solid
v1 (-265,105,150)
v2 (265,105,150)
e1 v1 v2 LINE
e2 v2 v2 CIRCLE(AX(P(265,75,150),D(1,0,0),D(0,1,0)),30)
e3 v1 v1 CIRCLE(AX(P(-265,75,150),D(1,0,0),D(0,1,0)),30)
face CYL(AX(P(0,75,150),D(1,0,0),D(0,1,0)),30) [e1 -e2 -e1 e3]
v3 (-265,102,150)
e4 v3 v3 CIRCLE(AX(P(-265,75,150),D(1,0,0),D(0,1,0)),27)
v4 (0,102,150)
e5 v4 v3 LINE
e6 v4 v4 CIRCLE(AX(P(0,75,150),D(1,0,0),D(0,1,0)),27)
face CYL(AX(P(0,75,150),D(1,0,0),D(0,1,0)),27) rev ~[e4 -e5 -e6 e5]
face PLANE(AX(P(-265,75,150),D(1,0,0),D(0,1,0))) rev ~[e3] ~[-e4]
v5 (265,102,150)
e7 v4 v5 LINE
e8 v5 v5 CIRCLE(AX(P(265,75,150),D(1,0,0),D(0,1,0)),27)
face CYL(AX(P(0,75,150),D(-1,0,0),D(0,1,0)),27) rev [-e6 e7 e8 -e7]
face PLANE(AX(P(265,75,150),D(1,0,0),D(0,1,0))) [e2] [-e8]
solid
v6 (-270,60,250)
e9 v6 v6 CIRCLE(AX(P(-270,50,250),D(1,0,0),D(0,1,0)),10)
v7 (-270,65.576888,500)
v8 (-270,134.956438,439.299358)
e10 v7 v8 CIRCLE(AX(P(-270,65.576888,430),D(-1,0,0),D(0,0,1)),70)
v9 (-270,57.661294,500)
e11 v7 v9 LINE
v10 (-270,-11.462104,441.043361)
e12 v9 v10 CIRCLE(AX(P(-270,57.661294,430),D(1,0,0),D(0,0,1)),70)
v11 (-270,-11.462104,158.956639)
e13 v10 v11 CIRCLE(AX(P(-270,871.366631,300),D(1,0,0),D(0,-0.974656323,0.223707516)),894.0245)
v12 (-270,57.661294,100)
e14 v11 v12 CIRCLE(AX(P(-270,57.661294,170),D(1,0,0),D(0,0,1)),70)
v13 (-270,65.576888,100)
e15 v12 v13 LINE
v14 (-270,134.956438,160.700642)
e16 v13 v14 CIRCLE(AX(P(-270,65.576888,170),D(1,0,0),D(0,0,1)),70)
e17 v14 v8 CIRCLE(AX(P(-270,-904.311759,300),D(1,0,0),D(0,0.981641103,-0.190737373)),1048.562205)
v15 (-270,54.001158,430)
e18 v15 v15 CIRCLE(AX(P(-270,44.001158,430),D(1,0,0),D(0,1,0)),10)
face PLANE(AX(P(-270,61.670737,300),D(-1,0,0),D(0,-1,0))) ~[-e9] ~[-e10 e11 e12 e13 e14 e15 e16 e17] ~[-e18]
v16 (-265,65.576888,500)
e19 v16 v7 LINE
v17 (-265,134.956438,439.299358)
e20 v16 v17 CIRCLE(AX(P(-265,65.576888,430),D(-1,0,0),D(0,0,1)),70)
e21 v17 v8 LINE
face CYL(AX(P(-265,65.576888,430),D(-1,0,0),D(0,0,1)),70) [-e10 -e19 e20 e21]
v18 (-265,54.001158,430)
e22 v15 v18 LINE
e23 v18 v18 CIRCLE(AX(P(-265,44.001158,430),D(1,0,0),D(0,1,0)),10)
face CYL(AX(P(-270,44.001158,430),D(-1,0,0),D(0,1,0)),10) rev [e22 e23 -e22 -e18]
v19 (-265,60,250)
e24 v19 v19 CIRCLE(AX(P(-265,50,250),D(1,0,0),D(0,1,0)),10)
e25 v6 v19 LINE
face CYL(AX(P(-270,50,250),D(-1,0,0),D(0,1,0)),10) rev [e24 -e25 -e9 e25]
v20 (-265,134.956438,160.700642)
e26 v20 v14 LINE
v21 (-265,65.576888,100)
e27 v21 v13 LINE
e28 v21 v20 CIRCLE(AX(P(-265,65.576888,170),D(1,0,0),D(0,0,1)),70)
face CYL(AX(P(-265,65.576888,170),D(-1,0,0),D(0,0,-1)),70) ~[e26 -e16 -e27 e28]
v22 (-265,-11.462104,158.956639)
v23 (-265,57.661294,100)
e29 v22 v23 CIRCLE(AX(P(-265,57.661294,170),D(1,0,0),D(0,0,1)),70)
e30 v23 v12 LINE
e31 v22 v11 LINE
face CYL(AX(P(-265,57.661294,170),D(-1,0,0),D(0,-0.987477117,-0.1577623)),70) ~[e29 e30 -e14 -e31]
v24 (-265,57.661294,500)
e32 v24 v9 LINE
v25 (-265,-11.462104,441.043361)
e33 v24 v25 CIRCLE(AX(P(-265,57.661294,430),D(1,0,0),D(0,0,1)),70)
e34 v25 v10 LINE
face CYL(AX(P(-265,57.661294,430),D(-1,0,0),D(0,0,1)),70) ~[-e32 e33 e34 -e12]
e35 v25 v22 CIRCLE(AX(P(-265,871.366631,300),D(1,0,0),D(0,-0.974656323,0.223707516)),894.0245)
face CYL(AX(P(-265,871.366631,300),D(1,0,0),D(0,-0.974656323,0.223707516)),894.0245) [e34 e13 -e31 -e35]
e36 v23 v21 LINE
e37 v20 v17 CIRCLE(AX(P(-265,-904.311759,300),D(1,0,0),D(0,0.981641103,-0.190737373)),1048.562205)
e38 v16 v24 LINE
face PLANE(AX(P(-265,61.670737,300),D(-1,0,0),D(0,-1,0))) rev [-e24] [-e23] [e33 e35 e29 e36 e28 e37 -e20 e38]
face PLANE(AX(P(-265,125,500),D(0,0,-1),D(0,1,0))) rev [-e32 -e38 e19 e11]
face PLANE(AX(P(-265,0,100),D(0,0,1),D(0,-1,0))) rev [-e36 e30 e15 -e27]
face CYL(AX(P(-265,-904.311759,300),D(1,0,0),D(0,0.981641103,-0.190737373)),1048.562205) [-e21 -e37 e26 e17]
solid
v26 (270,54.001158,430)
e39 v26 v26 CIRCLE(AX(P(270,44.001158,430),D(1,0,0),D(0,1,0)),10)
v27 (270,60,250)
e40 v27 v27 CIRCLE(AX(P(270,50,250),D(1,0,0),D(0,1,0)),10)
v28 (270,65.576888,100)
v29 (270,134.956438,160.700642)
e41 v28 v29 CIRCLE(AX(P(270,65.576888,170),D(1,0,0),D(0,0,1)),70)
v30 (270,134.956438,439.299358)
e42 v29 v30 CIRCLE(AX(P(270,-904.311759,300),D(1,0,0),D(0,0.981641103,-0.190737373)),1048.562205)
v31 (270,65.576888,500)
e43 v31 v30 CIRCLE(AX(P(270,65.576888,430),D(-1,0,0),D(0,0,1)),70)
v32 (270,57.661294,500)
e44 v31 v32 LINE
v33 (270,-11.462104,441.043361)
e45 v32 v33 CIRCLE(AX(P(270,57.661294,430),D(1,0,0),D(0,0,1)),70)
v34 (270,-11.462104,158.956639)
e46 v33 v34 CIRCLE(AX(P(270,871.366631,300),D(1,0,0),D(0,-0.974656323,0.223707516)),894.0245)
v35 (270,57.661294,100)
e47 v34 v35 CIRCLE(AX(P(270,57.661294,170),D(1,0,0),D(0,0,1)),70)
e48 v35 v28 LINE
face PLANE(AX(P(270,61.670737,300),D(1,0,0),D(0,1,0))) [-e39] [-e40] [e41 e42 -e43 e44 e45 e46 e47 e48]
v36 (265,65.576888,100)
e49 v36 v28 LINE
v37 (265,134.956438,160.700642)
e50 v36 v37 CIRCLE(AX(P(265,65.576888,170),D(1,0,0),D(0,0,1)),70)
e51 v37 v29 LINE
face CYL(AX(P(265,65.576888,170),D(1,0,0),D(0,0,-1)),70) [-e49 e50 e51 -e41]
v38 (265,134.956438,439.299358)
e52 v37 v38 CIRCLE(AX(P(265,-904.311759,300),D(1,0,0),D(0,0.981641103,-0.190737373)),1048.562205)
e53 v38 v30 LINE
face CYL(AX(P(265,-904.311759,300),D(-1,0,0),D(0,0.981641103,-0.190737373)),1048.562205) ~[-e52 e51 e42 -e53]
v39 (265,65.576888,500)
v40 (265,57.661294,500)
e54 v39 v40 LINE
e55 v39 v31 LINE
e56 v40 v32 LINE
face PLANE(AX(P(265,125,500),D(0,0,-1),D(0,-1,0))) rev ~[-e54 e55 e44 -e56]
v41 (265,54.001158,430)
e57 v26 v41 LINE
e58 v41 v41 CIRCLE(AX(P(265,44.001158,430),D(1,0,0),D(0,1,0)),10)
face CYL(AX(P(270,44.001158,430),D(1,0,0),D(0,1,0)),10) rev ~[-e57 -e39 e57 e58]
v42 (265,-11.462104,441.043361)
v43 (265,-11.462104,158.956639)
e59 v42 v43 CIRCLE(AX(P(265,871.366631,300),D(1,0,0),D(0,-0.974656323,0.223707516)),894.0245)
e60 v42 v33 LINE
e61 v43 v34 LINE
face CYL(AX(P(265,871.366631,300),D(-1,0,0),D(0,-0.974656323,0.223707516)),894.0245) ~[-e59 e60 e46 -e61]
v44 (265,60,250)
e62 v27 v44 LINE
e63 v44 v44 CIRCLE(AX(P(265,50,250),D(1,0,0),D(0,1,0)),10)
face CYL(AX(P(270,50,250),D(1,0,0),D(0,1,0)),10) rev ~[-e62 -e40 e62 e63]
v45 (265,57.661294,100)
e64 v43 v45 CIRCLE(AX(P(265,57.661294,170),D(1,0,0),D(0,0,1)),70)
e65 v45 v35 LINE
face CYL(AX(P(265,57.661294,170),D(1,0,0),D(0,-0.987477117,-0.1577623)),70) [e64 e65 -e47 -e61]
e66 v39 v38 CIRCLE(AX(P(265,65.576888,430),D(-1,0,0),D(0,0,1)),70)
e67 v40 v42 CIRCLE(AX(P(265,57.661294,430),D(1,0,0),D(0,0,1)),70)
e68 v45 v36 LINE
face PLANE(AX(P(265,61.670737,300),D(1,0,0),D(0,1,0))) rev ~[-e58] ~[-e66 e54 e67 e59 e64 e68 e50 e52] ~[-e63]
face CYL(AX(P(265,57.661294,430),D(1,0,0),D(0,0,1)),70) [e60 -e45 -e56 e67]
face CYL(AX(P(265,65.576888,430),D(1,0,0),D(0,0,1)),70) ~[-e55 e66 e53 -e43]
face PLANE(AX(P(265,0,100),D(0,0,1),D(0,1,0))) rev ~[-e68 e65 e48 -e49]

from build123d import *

# Parameters (mm, degrees)
F3_DEPTH      = 5
F4_R          = 70
F5_R          = 10
F6_DEPTH      = 5
F0_R          = 30
F0_R_2        = 27
F8_DEPTH      = 265
F8_DEPTH_BACK = 265


with BuildPart() as f3:
    # F2 (on offset) → F3 (new body)
    with BuildSketch(Plane.YZ.offset(265)):
        with BuildLine():
            Line((125, 500), (0, 500))
            ThreePointArc((0, 500), (-22.6578684459, 300), (0, 100))
            Line((0, 100), (125, 100))
            ThreePointArc((125, 100), (144.2504457375, 300), (125, 500))
        make_face()
    extrude(amount=F3_DEPTH)

    # F4
    f4_edges = [f3.edges().sort_by_distance(p)[0] for p in [
        (267.5, 0, 500),
        (267.5, 125, 500),
        (267.5, 0, 100),
        (267.5, 125, 100),
    ]]
    fillet(f4_edges, radius=F4_R)

    # F5 (on face) → F6 (cut, through all)
    with BuildSketch(Plane.YZ.offset(270)):
        with Locations((44.0011583269, 430)):
            Circle(F5_R)
        with Locations((50, 250)):
            Circle(F5_R)
    extrude(amount=-F6_DEPTH, mode=Mode.SUBTRACT)


with BuildPart() as f7_1:
    # F7: instance of F3
    add(f3.part.mirror(Plane.YZ))


with BuildPart() as f8:
    # F0 (on Right) → F8 (new body, two sides)
    with BuildSketch(Plane.YZ) as f8_sk:
        with Locations((75, 150)):
            Circle(F0_R)
        with Locations((75, 150)):
            Circle(F0_R_2, mode=Mode.SUBTRACT)
    extrude(amount=F8_DEPTH)
    extrude(f8_sk.sketch, amount=-F8_DEPTH_BACK)


solid = Compound([f3.part, f7_1.part, f8.part])
